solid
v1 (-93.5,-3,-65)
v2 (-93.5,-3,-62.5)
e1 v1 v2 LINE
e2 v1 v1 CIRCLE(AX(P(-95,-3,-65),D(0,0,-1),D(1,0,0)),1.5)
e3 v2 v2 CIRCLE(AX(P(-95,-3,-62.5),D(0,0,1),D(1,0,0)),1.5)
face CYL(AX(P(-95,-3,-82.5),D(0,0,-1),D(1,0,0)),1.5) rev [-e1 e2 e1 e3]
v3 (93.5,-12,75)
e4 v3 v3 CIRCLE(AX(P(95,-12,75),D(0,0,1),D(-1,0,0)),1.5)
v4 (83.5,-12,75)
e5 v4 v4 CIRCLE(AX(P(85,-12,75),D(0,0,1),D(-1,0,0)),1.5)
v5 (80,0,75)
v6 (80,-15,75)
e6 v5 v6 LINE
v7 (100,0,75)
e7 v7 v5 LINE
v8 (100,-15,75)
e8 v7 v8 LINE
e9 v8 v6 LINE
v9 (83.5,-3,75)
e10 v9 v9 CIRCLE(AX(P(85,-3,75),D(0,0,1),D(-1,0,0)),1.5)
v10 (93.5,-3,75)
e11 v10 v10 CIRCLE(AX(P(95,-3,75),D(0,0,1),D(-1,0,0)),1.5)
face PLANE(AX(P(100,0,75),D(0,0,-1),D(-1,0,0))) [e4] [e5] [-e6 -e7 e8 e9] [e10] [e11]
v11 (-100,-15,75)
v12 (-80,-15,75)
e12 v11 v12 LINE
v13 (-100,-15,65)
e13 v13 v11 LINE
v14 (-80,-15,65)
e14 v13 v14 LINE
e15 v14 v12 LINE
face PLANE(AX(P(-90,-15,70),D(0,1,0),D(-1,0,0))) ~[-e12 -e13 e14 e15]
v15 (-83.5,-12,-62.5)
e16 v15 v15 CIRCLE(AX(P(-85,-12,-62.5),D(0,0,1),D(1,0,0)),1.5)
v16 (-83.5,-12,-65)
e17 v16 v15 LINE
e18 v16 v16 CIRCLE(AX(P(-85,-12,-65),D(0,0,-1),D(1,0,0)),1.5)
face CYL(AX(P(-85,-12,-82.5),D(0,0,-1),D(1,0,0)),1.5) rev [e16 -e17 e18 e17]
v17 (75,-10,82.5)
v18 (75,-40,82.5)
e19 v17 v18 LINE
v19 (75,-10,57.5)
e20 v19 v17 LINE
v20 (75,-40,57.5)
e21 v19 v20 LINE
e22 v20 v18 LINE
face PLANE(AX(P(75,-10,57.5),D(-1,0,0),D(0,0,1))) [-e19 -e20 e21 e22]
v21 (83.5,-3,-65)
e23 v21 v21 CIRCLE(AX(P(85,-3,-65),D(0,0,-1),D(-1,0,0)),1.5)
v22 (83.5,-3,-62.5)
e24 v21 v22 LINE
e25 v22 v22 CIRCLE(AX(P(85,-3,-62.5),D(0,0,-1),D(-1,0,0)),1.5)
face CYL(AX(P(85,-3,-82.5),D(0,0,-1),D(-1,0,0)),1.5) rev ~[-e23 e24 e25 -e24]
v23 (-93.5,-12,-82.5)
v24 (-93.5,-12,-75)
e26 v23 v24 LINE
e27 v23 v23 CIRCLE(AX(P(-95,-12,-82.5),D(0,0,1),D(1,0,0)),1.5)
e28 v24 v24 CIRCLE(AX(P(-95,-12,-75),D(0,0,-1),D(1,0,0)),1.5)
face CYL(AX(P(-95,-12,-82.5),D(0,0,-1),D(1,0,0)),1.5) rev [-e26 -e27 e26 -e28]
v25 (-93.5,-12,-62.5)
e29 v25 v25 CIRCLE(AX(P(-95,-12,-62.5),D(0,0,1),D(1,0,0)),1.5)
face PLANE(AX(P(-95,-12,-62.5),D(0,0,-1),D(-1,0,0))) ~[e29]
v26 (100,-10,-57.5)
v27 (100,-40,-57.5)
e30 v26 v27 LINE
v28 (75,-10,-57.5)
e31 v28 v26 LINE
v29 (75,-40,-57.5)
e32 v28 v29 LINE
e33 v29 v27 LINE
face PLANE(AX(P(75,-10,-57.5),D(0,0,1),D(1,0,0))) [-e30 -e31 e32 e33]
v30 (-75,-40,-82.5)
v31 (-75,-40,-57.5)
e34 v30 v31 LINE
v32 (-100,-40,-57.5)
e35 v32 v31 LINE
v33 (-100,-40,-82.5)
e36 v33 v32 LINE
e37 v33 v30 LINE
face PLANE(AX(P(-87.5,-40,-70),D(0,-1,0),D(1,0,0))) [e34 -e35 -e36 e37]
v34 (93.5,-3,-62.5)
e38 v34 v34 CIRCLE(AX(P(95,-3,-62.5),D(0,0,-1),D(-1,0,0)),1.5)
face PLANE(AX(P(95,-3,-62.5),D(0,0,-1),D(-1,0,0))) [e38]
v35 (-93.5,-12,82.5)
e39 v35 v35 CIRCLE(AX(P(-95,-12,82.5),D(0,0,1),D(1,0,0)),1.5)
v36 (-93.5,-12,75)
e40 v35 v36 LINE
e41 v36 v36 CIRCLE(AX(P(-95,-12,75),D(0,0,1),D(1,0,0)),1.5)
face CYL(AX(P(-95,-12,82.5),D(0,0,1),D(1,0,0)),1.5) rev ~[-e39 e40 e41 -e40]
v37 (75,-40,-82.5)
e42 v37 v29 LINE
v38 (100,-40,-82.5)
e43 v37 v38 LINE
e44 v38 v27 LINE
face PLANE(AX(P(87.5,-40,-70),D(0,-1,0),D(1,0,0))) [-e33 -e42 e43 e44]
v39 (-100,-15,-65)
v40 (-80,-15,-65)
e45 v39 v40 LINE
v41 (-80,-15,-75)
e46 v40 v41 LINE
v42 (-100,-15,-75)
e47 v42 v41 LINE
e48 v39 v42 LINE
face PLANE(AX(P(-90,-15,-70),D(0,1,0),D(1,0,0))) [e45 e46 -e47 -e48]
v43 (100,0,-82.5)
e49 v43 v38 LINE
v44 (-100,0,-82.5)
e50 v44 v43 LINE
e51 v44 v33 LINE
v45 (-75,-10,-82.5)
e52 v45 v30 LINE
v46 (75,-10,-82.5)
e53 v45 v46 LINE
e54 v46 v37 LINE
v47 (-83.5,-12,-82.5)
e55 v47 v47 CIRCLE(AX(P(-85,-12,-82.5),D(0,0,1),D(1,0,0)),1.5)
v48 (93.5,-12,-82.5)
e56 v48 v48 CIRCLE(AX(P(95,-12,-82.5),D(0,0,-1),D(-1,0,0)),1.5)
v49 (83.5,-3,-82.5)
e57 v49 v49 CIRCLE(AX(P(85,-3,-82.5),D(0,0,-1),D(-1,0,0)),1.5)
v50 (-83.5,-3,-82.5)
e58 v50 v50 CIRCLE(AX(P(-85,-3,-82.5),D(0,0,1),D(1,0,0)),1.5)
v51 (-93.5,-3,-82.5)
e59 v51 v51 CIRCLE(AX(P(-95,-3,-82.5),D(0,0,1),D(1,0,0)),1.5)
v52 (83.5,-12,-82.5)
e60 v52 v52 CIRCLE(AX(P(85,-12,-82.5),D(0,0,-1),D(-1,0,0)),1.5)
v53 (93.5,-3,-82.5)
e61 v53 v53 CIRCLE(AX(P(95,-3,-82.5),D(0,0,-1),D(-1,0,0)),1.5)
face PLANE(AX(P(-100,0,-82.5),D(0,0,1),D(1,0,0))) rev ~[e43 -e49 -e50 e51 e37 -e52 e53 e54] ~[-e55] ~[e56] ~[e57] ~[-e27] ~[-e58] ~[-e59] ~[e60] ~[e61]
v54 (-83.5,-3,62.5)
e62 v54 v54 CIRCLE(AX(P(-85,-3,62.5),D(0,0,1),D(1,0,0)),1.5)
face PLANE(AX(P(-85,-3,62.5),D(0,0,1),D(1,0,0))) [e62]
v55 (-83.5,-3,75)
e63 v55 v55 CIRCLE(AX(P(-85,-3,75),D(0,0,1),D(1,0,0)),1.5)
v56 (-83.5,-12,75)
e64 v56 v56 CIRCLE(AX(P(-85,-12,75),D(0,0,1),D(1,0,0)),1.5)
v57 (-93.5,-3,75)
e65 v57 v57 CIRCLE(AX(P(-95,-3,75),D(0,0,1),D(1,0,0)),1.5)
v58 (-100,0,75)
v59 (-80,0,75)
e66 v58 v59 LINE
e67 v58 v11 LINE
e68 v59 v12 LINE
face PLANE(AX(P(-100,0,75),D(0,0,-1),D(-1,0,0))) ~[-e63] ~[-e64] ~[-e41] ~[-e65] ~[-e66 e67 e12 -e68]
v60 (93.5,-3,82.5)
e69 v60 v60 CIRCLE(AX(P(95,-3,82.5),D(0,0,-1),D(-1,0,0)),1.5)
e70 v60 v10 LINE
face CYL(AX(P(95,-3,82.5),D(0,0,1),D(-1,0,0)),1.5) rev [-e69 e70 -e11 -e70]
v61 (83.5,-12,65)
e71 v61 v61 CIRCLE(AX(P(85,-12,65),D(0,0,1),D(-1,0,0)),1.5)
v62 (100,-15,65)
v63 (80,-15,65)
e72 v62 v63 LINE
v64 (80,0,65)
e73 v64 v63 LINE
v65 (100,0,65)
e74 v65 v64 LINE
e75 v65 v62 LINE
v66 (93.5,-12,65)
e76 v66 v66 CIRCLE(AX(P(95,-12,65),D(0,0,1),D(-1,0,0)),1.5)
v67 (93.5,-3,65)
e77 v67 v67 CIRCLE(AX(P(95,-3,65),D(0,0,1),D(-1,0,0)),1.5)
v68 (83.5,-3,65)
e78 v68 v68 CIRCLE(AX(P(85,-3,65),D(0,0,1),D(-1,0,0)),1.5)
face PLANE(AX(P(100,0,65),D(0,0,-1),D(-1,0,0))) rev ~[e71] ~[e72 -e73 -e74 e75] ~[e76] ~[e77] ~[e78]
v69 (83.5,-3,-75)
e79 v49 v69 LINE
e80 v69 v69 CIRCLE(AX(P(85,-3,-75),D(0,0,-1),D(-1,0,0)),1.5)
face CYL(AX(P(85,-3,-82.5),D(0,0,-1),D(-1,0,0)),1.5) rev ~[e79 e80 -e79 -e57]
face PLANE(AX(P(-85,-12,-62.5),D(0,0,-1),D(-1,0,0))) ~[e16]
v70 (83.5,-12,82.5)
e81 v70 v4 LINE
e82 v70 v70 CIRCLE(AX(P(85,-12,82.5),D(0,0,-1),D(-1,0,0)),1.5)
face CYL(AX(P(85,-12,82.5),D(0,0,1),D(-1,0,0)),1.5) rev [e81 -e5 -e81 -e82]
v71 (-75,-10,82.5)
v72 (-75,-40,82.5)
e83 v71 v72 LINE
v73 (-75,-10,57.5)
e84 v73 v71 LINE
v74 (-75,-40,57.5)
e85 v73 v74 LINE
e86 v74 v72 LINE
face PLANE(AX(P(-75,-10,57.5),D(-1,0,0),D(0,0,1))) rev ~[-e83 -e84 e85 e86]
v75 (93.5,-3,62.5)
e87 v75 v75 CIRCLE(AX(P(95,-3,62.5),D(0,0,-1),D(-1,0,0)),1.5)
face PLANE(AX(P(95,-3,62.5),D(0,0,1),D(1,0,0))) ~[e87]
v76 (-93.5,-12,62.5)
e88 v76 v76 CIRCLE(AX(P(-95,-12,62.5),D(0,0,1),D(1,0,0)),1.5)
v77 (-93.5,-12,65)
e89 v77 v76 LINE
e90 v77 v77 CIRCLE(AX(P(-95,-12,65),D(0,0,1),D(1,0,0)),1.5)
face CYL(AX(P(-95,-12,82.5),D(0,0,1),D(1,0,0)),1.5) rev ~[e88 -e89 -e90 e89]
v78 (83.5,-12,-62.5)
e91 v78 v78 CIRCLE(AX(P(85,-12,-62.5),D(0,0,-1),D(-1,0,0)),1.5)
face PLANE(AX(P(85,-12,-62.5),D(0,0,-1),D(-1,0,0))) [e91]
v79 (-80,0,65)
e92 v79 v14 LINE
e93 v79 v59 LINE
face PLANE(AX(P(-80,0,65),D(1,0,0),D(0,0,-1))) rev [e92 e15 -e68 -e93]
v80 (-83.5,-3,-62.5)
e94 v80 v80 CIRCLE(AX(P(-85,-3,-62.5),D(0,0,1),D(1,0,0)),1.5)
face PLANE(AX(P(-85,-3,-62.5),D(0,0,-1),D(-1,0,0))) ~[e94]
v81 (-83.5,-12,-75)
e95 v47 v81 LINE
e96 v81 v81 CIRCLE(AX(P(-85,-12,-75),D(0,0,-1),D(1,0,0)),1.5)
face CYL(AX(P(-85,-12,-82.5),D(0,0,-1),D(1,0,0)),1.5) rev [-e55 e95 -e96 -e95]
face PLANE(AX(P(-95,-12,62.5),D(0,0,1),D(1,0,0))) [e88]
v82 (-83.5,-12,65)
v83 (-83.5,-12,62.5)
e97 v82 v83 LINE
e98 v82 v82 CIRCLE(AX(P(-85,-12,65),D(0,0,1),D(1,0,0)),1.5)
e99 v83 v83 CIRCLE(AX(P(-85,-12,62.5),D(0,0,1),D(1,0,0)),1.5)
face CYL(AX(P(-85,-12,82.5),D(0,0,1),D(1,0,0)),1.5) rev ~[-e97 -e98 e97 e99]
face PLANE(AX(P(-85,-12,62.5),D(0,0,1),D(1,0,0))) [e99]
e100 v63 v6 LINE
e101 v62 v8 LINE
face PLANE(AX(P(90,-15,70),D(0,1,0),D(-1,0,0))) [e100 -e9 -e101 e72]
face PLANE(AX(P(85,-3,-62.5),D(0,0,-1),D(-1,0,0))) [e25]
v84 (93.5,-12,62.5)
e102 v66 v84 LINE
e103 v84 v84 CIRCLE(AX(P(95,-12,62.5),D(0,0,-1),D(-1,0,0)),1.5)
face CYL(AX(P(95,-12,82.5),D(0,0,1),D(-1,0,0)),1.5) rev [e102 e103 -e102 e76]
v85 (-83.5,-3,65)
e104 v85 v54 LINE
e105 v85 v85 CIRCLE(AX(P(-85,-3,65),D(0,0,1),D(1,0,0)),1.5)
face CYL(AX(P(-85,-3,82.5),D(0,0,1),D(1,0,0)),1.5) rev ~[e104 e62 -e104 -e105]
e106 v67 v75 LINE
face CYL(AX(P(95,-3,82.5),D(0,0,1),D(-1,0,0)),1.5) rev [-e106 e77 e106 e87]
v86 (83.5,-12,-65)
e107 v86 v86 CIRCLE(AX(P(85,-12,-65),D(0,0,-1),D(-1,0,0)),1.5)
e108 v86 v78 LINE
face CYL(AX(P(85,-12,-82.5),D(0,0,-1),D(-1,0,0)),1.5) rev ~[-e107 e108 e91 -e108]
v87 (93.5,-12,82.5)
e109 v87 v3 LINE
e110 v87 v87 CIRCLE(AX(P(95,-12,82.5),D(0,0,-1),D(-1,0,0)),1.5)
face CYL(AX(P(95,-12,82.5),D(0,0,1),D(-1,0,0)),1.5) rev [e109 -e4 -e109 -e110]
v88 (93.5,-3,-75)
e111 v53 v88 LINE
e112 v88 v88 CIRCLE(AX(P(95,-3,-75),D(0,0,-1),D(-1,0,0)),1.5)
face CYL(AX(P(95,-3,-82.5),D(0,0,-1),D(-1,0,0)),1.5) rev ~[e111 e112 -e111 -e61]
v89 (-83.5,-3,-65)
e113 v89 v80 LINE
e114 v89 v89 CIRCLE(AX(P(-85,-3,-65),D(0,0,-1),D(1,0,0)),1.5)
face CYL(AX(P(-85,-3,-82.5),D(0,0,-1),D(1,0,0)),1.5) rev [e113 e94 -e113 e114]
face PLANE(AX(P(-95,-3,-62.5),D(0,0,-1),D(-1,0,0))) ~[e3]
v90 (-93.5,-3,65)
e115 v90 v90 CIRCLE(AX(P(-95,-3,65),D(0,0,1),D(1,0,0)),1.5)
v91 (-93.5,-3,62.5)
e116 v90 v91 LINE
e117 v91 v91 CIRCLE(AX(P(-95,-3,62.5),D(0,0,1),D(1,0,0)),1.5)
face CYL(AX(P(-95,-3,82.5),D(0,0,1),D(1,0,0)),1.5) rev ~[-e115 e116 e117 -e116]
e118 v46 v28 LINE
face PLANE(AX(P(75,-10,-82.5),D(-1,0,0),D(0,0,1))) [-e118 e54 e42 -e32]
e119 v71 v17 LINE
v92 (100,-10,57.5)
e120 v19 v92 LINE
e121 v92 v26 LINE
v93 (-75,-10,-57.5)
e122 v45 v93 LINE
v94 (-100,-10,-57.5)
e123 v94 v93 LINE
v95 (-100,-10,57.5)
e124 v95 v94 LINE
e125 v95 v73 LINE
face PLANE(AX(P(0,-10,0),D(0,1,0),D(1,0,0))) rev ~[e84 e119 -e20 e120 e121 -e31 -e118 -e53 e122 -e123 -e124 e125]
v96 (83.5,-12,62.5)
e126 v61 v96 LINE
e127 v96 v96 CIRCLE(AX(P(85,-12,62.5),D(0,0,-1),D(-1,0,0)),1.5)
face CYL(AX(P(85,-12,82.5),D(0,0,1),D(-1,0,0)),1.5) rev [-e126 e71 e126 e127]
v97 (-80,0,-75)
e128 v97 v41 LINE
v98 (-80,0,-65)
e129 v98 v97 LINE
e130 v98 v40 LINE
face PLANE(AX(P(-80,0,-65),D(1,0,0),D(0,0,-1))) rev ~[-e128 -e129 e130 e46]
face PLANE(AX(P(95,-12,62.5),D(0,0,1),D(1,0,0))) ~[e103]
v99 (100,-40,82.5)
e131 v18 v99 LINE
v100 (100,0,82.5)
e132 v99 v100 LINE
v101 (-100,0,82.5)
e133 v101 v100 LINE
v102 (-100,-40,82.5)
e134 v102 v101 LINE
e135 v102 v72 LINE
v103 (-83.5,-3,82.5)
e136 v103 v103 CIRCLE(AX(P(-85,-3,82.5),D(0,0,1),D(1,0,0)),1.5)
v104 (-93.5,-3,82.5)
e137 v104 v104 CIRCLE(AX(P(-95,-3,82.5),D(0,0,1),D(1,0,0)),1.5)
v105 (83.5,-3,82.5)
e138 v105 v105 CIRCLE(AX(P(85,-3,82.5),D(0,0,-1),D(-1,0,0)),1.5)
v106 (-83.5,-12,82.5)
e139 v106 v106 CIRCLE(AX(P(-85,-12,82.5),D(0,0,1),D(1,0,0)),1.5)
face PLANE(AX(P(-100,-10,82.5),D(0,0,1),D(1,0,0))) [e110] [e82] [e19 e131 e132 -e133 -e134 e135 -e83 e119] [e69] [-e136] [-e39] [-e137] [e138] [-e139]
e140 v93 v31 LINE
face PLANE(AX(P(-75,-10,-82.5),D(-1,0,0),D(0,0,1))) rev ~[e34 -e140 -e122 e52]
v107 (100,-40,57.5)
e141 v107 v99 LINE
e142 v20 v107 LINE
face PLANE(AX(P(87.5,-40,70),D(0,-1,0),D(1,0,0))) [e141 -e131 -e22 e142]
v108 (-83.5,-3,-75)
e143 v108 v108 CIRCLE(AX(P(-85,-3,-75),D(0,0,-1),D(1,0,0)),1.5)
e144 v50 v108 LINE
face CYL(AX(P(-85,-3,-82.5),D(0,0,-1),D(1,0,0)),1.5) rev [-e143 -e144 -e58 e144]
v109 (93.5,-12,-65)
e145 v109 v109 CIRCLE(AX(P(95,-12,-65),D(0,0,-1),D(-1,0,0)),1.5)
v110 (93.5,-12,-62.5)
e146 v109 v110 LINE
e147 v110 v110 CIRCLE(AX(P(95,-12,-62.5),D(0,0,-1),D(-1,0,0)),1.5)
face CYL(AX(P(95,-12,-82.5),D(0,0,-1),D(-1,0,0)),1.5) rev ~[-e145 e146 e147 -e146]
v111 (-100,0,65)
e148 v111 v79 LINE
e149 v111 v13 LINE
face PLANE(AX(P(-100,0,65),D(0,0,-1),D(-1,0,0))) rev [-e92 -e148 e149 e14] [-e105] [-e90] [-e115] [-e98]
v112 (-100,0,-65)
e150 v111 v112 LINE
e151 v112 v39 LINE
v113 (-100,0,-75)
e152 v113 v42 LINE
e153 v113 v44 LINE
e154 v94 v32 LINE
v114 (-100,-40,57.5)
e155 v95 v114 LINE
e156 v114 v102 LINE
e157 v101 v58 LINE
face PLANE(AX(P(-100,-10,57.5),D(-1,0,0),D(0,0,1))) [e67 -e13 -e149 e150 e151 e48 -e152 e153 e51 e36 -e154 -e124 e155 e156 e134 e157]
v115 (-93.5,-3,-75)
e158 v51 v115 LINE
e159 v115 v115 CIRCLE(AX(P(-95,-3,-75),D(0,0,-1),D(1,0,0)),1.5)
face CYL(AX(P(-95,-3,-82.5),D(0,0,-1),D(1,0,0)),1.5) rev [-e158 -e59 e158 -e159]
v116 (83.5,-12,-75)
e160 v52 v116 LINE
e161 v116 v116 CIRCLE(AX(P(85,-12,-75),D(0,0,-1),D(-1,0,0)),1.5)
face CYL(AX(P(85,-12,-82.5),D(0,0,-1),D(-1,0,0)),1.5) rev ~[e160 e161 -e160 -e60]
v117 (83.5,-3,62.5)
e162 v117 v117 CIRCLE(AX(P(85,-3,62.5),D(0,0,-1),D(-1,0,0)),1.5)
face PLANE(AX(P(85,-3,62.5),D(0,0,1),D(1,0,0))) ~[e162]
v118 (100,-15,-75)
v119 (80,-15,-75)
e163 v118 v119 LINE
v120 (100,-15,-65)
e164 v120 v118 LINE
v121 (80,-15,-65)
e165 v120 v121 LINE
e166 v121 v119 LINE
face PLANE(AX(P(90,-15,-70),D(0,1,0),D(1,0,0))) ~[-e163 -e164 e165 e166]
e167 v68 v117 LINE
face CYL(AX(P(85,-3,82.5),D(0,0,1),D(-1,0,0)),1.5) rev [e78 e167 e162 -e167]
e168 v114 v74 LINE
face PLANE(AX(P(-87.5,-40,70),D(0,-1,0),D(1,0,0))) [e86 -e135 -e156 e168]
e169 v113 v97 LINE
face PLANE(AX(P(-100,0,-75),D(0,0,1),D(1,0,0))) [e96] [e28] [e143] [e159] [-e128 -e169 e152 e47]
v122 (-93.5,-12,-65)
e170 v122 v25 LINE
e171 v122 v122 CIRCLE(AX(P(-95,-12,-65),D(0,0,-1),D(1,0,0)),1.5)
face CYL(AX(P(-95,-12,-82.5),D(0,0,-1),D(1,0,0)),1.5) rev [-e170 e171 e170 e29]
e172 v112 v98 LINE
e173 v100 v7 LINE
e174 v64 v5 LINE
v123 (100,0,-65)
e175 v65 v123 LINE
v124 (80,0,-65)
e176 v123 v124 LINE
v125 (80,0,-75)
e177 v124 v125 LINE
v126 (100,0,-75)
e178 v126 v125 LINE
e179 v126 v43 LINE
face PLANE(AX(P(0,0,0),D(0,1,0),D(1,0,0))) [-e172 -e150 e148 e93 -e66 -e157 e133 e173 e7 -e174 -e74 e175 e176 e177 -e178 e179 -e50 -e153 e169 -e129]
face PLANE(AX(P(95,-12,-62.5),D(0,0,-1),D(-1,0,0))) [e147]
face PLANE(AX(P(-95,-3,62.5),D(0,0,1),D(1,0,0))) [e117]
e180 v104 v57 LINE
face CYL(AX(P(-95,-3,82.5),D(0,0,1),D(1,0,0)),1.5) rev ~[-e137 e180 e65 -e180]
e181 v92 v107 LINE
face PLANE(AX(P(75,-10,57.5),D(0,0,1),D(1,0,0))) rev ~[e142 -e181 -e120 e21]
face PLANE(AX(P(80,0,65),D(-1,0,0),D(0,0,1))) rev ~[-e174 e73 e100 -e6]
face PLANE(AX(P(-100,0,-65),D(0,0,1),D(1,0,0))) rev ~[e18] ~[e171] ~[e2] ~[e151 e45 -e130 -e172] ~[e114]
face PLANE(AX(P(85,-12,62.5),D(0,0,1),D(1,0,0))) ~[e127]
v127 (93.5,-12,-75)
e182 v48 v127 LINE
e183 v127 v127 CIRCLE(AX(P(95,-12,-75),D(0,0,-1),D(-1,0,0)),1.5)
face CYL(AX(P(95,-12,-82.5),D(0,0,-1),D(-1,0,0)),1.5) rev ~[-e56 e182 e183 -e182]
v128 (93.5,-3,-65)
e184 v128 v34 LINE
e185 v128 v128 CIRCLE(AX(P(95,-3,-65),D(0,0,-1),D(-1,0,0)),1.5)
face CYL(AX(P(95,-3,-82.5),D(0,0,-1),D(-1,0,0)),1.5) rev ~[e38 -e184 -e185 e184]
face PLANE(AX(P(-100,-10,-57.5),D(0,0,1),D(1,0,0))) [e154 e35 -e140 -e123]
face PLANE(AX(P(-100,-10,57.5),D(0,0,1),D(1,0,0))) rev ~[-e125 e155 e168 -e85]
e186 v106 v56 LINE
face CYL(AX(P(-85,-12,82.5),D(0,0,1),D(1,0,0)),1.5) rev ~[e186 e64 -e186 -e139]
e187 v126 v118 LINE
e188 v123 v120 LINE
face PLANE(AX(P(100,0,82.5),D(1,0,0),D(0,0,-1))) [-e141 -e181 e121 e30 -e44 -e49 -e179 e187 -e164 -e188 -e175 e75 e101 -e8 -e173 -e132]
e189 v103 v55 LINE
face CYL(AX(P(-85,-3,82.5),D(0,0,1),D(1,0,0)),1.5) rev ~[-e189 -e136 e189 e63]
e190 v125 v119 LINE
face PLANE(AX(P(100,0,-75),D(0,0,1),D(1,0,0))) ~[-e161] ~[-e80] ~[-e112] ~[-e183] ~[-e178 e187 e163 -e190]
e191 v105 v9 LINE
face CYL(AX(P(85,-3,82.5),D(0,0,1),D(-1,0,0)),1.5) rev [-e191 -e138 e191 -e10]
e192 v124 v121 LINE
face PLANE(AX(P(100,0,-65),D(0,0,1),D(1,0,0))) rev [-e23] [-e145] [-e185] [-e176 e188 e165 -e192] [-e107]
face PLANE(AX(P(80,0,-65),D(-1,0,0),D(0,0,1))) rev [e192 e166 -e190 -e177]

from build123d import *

# Parameters (mm, degrees)
SKETCH_3_W               = 200
SKETCH_3_H               = 165
EXTRUDE_1_DEPTH          = 10
SKETCH_4_W               = 25
SKETCH_4_H               = 25
EXTRUDE_2_DEPTH          = 30
SKETCH_5_W               = 20
SKETCH_5_H               = 10
CUT_EXTRUDE_2_DEPTH      = 15
MIRROR_2_COPY_1_SKETCH_W = 20
MIRROR_2_COPY_1_SKETCH_H = 10
MIRROR_2_COPY_1_DEPTH    = 15
SKETCH_6_R               = 1.5
CUT_EXTRUDE_3_DEPTH      = 20
MIRROR_4_COPY_1_SKETCH_R = 1.5
MIRROR_4_COPY_1_DEPTH    = 20


with BuildPart() as part:
    # 草图3 → 凸台-拉伸1 (new body)
    with BuildSketch(Plane(origin=(0, 0, 0), x_dir=(1, 0, 0), z_dir=(0, 1, 0))):
        Rectangle(SKETCH_3_W, SKETCH_3_H)
    extrude(amount=-EXTRUDE_1_DEPTH)

    # 草图4 → 凸台-拉伸2 (add)
    with BuildSketch(Plane.XZ.offset(10)):
        with Locations((-87.5, 70)):
            Rectangle(SKETCH_4_W, SKETCH_4_H)
        with Locations((87.5, 70)):
            Rectangle(SKETCH_4_W, SKETCH_4_H)
        with Locations((-87.5, -70)):
            Rectangle(SKETCH_4_W, SKETCH_4_H)
        with Locations((87.5, -70)):
            Rectangle(SKETCH_4_W, SKETCH_4_H)
    extrude(amount=EXTRUDE_2_DEPTH)

    # 草图5 → 切除-拉伸2 (cut)
    with BuildSketch(Plane(origin=(0, 0, 0), x_dir=(1, 0, 0), z_dir=(0, 1, 0))):
        with Locations((-90, 70)):
            Rectangle(SKETCH_5_W, SKETCH_5_H)
    cut_extrude_2 = extrude(amount=-CUT_EXTRUDE_2_DEPTH, mode=Mode.SUBTRACT)

    # 镜向1: 切除-拉伸2 across plane
    add(cut_extrude_2.mirror(Plane.XY), mode=Mode.SUBTRACT)

    # 镜向2: 切除-拉伸2 across plane
    add(cut_extrude_2.mirror(Plane(origin=(0, 0, 0), x_dir=(0, 0, 1), z_dir=(1, 0, 0))), mode=Mode.SUBTRACT)

    # 镜向2 copy 1 sketch → 镜向2 copy 1 (cut)
    with BuildSketch(Plane(origin=(0, 0, 0), x_dir=(-1, 0, 0), z_dir=(0, 1, 0))):
        with Locations((-90, 70)):
            Rectangle(MIRROR_2_COPY_1_SKETCH_W, MIRROR_2_COPY_1_SKETCH_H)
    extrude(amount=-MIRROR_2_COPY_1_DEPTH, mode=Mode.SUBTRACT)

    # 草图6 → 切除-拉伸3 (cut)
    with BuildSketch(Plane.XY.offset(82.5)):
        with Locations((-95, -3)):
            Circle(SKETCH_6_R)
        with Locations((-85, -3)):
            Circle(SKETCH_6_R)
        with Locations((-95, -12)):
            Circle(SKETCH_6_R)
        with Locations((-85, -12)):
            Circle(SKETCH_6_R)
    cut_extrude_3 = extrude(amount=-CUT_EXTRUDE_3_DEPTH, mode=Mode.SUBTRACT)

    # 镜向3: 切除-拉伸3 across plane
    add(cut_extrude_3.mirror(Plane.XY), mode=Mode.SUBTRACT)

    # 镜向4: 切除-拉伸3 across plane
    add(cut_extrude_3.mirror(Plane(origin=(0, 0, 0), x_dir=(0, 0, 1), z_dir=(1, 0, 0))), mode=Mode.SUBTRACT)

    # 镜向4 copy 1 sketch → 镜向4 copy 1 (cut)
    with BuildSketch(Plane(origin=(0, 0, -82.5), x_dir=(-1, 0, 0), z_dir=(0, 0, -1))):
        with Locations((-95, -3)):
            Circle(MIRROR_4_COPY_1_SKETCH_R)
        with Locations((-85, -3)):
            Circle(MIRROR_4_COPY_1_SKETCH_R)
        with Locations((-95, -12)):
            Circle(MIRROR_4_COPY_1_SKETCH_R)
        with Locations((-85, -12)):
            Circle(MIRROR_4_COPY_1_SKETCH_R)
    extrude(amount=-MIRROR_4_COPY_1_DEPTH, mode=Mode.SUBTRACT)


solid = part.part
